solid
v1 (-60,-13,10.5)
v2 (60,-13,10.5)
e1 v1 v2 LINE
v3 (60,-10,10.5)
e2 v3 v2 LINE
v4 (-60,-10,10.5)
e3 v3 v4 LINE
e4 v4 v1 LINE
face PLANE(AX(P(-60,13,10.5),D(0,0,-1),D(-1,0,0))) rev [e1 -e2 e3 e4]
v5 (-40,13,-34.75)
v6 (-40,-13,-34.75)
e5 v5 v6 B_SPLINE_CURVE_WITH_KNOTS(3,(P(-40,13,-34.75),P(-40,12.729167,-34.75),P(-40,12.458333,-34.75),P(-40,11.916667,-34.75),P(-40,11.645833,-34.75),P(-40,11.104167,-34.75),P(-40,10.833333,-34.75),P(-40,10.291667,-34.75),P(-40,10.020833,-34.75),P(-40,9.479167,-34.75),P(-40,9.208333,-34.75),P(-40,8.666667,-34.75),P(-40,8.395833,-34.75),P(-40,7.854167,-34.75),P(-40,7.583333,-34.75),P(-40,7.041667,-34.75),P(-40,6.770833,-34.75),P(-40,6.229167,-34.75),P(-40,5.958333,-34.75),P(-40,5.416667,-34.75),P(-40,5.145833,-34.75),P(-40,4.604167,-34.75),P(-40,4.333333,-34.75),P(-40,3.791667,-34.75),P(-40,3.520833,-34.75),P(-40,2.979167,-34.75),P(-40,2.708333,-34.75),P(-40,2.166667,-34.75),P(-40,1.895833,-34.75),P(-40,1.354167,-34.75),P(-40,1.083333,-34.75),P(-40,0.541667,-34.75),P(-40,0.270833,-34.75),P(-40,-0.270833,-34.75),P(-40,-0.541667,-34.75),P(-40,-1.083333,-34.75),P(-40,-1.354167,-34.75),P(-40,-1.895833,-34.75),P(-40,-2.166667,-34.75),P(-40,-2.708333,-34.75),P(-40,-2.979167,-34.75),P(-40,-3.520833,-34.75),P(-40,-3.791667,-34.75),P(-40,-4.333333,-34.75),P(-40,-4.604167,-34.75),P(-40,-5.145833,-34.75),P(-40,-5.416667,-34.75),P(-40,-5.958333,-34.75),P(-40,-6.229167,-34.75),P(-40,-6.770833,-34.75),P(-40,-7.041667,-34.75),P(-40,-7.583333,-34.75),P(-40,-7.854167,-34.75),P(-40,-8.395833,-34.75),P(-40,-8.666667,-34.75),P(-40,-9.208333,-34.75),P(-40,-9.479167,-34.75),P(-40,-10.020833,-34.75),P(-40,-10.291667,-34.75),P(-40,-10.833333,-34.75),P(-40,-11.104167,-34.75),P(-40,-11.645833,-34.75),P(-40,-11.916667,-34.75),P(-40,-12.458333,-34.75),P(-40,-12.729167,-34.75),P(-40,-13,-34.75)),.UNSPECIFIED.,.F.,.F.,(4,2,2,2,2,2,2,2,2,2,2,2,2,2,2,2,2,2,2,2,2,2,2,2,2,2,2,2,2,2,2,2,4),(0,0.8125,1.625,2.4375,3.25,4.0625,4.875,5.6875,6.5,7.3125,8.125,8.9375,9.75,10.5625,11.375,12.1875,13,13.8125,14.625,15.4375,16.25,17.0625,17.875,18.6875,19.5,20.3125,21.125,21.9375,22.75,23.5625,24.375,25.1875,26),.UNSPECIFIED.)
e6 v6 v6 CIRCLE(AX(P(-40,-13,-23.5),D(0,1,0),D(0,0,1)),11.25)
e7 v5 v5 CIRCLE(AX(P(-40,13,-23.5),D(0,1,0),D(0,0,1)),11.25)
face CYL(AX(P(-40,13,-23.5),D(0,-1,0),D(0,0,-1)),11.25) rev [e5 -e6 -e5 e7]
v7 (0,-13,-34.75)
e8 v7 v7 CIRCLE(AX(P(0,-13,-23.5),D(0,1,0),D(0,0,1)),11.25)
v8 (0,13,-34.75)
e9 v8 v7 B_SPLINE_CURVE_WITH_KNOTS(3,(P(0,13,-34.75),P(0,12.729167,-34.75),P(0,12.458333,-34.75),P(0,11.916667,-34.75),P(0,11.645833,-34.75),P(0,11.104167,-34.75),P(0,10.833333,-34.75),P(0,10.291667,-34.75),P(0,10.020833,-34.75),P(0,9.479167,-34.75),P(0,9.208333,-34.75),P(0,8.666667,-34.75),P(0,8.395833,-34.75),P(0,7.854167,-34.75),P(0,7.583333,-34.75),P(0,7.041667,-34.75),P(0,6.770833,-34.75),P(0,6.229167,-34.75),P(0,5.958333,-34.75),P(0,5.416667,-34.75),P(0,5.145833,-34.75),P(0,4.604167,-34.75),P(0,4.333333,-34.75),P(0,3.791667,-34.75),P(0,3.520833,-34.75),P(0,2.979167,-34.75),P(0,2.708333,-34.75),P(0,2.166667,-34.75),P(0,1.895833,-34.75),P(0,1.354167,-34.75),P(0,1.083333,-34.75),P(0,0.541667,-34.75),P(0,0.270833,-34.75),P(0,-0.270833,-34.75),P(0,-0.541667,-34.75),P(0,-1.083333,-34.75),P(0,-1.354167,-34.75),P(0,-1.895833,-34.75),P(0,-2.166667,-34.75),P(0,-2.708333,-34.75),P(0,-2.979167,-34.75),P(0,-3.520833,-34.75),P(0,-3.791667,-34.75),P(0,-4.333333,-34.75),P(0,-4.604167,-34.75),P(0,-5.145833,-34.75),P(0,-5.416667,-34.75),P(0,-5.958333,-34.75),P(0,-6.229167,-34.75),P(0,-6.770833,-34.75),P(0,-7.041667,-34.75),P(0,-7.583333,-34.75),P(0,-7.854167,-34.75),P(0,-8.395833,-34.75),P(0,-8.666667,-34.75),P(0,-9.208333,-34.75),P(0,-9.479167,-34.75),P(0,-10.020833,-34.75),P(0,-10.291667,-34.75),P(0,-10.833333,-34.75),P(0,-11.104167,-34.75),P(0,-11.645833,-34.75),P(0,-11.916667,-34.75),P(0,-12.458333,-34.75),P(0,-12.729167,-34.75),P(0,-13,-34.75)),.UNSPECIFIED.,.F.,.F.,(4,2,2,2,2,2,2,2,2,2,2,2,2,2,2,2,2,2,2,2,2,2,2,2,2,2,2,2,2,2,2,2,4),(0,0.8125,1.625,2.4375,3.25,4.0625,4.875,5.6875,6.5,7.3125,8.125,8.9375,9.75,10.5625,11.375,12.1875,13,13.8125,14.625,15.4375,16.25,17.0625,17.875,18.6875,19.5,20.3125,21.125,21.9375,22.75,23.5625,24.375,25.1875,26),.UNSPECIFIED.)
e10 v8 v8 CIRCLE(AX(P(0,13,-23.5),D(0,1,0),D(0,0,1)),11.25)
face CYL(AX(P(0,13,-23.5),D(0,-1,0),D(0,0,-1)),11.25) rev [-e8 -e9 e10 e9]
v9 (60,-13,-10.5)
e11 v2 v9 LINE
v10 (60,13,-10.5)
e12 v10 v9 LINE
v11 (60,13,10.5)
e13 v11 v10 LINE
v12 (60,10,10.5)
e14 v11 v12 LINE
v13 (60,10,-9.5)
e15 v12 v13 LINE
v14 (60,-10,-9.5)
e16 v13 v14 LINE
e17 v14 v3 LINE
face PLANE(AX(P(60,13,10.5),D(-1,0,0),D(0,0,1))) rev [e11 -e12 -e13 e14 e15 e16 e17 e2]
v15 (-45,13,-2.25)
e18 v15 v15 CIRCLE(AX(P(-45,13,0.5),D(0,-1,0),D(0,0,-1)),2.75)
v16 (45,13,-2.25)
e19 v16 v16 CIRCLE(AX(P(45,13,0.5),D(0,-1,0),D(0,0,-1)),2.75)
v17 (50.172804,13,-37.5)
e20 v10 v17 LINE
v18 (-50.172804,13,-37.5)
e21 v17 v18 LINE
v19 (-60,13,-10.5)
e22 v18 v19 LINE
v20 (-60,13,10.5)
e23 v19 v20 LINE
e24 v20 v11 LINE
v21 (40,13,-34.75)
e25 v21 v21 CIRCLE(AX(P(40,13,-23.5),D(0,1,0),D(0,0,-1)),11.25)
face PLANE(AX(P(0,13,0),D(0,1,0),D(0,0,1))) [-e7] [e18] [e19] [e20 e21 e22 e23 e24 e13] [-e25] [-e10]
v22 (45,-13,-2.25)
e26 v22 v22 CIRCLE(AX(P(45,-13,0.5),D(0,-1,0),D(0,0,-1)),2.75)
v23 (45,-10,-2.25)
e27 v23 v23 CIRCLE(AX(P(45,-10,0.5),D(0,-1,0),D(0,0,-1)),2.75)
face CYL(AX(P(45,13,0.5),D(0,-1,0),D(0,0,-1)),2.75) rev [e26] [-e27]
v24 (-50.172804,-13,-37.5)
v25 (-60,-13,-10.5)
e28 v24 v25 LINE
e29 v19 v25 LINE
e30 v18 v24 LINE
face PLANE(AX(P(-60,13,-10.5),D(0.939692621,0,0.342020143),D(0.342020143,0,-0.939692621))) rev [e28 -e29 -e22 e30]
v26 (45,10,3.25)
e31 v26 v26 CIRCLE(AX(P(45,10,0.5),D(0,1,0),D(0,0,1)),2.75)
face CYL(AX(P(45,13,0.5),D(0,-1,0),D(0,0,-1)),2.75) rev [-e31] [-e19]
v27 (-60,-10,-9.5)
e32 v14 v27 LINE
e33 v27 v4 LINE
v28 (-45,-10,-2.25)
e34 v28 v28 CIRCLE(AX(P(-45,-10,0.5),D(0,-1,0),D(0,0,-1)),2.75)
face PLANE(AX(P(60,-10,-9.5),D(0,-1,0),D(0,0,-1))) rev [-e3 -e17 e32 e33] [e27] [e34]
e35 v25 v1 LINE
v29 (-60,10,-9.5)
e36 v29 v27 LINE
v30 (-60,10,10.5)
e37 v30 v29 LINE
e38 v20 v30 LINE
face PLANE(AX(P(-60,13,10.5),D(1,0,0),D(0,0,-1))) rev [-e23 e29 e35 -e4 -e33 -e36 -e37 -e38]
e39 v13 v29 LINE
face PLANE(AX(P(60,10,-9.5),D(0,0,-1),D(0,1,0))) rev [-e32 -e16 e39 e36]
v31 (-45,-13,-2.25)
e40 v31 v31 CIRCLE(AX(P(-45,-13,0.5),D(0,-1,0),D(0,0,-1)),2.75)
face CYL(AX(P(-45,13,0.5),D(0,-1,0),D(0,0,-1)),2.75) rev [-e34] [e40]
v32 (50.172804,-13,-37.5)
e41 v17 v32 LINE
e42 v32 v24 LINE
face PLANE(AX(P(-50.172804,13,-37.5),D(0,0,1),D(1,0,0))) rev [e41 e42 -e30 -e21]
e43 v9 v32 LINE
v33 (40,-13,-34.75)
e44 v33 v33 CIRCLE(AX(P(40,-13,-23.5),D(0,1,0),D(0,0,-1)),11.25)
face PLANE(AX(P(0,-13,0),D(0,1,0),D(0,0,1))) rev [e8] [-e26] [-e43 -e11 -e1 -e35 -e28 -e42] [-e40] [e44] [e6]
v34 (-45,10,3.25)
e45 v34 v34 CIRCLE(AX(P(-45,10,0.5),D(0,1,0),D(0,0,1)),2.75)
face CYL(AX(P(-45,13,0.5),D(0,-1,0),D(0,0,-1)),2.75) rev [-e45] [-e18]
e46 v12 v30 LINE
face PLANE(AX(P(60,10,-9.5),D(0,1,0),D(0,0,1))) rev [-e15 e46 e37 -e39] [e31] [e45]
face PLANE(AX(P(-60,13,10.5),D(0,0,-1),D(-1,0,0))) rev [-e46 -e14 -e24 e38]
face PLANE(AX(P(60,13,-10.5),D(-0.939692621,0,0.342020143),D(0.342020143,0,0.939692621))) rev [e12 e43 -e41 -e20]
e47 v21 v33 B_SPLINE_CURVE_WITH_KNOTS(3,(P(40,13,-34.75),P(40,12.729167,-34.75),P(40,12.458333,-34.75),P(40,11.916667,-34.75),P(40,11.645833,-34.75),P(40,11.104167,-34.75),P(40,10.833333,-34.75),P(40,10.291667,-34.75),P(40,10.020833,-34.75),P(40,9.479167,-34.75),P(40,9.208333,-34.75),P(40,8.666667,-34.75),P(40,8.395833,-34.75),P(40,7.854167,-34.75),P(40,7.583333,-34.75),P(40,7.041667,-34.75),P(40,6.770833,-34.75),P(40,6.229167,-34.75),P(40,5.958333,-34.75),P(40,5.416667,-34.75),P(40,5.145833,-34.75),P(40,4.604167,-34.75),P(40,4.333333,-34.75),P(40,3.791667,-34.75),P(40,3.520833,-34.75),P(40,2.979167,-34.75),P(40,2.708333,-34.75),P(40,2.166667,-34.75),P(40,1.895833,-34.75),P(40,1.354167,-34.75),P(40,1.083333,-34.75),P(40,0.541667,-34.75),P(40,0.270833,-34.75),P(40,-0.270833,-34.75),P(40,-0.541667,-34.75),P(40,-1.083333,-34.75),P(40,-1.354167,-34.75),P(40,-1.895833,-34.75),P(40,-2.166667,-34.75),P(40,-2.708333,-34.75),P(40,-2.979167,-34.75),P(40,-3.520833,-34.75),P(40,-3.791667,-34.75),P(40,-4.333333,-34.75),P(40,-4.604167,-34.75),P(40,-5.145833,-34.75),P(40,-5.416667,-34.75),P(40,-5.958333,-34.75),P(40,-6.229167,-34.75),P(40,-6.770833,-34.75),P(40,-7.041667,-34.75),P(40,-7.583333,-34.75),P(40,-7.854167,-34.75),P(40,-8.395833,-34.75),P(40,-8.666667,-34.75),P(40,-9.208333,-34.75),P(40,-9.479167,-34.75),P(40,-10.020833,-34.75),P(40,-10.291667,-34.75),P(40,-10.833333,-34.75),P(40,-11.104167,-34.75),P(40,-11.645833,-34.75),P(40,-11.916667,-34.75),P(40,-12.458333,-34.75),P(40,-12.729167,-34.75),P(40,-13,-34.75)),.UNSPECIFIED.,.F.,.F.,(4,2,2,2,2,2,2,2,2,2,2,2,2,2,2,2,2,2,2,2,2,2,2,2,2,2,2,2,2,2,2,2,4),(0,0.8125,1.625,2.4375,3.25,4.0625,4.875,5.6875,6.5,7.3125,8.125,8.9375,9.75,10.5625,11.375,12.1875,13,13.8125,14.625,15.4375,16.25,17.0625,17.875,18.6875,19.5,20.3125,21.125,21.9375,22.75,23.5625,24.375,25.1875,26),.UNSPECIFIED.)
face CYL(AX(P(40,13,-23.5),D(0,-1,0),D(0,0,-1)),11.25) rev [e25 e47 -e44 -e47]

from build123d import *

# Parameters (mm, degrees)
SKETCH_1_R              = 11.25
EXTRUDE_1_DEPTH         = 13
SKETCH_2_W              = 20
SKETCH_2_H              = 20
CUT_EXTRUDE_1_DEPTH     = 127.393235578
CUT_EXTRUDE1_DEPTH      = 75.399260749
CUT_EXTRUDE1_DEPTH_BACK = 75.399260749
SKETCH1_R               = 2.75


with BuildPart() as part:
    # Эскиз1 → Бобышка-Вытянуть1 (new, symmetric)
    with BuildSketch(Plane(origin=(0, 0, 0), x_dir=(1, 0, 0), z_dir=(0, 1, 0))):
        Polygon((-60, -10.5), (60, -10.5), (60, 10.5), (50.172803675, 37.5), (0, 37.5), (-50.172803675, 37.5), (-60, 10.5), align=None)
        with Locations(Location((0, 23.5, 0), (0, 0, 90))):
            Circle(SKETCH_1_R, mode=Mode.SUBTRACT)
        with Locations(Location((-40, 23.5, 0), (0, 0, 90))):
            Circle(SKETCH_1_R, mode=Mode.SUBTRACT)
        with Locations(Location((40, 23.5, 0), (0, 0, 90))):
            Circle(SKETCH_1_R, mode=Mode.SUBTRACT)
    extrude(amount=EXTRUDE_1_DEPTH, both=True)

    # Эскиз2 → Вырез-Вытянуть1 (cut, through all)
    with BuildSketch(Plane.ZY.offset(60)):
        with Locations((0.5, 0)):
            Rectangle(SKETCH_2_W, SKETCH_2_H)
    extrude(amount=-CUT_EXTRUDE_1_DEPTH, mode=Mode.SUBTRACT)

    # Sketch1 → Cut-Extrude1 (cut, two sides: drawn at the far end of the back side and taken through both)
    with BuildSketch(Plane.XZ.offset(-10).offset(-CUT_EXTRUDE1_DEPTH_BACK)):
        with Locations(Location((45, 0.5, 0), (0, 0, 270))):
            Circle(SKETCH1_R)
        with Locations(Location((-45, 0.5, 0), (0, 0, 270))):
            Circle(SKETCH1_R)
    extrude(amount=CUT_EXTRUDE1_DEPTH + CUT_EXTRUDE1_DEPTH_BACK, mode=Mode.SUBTRACT)


solid = part.part
